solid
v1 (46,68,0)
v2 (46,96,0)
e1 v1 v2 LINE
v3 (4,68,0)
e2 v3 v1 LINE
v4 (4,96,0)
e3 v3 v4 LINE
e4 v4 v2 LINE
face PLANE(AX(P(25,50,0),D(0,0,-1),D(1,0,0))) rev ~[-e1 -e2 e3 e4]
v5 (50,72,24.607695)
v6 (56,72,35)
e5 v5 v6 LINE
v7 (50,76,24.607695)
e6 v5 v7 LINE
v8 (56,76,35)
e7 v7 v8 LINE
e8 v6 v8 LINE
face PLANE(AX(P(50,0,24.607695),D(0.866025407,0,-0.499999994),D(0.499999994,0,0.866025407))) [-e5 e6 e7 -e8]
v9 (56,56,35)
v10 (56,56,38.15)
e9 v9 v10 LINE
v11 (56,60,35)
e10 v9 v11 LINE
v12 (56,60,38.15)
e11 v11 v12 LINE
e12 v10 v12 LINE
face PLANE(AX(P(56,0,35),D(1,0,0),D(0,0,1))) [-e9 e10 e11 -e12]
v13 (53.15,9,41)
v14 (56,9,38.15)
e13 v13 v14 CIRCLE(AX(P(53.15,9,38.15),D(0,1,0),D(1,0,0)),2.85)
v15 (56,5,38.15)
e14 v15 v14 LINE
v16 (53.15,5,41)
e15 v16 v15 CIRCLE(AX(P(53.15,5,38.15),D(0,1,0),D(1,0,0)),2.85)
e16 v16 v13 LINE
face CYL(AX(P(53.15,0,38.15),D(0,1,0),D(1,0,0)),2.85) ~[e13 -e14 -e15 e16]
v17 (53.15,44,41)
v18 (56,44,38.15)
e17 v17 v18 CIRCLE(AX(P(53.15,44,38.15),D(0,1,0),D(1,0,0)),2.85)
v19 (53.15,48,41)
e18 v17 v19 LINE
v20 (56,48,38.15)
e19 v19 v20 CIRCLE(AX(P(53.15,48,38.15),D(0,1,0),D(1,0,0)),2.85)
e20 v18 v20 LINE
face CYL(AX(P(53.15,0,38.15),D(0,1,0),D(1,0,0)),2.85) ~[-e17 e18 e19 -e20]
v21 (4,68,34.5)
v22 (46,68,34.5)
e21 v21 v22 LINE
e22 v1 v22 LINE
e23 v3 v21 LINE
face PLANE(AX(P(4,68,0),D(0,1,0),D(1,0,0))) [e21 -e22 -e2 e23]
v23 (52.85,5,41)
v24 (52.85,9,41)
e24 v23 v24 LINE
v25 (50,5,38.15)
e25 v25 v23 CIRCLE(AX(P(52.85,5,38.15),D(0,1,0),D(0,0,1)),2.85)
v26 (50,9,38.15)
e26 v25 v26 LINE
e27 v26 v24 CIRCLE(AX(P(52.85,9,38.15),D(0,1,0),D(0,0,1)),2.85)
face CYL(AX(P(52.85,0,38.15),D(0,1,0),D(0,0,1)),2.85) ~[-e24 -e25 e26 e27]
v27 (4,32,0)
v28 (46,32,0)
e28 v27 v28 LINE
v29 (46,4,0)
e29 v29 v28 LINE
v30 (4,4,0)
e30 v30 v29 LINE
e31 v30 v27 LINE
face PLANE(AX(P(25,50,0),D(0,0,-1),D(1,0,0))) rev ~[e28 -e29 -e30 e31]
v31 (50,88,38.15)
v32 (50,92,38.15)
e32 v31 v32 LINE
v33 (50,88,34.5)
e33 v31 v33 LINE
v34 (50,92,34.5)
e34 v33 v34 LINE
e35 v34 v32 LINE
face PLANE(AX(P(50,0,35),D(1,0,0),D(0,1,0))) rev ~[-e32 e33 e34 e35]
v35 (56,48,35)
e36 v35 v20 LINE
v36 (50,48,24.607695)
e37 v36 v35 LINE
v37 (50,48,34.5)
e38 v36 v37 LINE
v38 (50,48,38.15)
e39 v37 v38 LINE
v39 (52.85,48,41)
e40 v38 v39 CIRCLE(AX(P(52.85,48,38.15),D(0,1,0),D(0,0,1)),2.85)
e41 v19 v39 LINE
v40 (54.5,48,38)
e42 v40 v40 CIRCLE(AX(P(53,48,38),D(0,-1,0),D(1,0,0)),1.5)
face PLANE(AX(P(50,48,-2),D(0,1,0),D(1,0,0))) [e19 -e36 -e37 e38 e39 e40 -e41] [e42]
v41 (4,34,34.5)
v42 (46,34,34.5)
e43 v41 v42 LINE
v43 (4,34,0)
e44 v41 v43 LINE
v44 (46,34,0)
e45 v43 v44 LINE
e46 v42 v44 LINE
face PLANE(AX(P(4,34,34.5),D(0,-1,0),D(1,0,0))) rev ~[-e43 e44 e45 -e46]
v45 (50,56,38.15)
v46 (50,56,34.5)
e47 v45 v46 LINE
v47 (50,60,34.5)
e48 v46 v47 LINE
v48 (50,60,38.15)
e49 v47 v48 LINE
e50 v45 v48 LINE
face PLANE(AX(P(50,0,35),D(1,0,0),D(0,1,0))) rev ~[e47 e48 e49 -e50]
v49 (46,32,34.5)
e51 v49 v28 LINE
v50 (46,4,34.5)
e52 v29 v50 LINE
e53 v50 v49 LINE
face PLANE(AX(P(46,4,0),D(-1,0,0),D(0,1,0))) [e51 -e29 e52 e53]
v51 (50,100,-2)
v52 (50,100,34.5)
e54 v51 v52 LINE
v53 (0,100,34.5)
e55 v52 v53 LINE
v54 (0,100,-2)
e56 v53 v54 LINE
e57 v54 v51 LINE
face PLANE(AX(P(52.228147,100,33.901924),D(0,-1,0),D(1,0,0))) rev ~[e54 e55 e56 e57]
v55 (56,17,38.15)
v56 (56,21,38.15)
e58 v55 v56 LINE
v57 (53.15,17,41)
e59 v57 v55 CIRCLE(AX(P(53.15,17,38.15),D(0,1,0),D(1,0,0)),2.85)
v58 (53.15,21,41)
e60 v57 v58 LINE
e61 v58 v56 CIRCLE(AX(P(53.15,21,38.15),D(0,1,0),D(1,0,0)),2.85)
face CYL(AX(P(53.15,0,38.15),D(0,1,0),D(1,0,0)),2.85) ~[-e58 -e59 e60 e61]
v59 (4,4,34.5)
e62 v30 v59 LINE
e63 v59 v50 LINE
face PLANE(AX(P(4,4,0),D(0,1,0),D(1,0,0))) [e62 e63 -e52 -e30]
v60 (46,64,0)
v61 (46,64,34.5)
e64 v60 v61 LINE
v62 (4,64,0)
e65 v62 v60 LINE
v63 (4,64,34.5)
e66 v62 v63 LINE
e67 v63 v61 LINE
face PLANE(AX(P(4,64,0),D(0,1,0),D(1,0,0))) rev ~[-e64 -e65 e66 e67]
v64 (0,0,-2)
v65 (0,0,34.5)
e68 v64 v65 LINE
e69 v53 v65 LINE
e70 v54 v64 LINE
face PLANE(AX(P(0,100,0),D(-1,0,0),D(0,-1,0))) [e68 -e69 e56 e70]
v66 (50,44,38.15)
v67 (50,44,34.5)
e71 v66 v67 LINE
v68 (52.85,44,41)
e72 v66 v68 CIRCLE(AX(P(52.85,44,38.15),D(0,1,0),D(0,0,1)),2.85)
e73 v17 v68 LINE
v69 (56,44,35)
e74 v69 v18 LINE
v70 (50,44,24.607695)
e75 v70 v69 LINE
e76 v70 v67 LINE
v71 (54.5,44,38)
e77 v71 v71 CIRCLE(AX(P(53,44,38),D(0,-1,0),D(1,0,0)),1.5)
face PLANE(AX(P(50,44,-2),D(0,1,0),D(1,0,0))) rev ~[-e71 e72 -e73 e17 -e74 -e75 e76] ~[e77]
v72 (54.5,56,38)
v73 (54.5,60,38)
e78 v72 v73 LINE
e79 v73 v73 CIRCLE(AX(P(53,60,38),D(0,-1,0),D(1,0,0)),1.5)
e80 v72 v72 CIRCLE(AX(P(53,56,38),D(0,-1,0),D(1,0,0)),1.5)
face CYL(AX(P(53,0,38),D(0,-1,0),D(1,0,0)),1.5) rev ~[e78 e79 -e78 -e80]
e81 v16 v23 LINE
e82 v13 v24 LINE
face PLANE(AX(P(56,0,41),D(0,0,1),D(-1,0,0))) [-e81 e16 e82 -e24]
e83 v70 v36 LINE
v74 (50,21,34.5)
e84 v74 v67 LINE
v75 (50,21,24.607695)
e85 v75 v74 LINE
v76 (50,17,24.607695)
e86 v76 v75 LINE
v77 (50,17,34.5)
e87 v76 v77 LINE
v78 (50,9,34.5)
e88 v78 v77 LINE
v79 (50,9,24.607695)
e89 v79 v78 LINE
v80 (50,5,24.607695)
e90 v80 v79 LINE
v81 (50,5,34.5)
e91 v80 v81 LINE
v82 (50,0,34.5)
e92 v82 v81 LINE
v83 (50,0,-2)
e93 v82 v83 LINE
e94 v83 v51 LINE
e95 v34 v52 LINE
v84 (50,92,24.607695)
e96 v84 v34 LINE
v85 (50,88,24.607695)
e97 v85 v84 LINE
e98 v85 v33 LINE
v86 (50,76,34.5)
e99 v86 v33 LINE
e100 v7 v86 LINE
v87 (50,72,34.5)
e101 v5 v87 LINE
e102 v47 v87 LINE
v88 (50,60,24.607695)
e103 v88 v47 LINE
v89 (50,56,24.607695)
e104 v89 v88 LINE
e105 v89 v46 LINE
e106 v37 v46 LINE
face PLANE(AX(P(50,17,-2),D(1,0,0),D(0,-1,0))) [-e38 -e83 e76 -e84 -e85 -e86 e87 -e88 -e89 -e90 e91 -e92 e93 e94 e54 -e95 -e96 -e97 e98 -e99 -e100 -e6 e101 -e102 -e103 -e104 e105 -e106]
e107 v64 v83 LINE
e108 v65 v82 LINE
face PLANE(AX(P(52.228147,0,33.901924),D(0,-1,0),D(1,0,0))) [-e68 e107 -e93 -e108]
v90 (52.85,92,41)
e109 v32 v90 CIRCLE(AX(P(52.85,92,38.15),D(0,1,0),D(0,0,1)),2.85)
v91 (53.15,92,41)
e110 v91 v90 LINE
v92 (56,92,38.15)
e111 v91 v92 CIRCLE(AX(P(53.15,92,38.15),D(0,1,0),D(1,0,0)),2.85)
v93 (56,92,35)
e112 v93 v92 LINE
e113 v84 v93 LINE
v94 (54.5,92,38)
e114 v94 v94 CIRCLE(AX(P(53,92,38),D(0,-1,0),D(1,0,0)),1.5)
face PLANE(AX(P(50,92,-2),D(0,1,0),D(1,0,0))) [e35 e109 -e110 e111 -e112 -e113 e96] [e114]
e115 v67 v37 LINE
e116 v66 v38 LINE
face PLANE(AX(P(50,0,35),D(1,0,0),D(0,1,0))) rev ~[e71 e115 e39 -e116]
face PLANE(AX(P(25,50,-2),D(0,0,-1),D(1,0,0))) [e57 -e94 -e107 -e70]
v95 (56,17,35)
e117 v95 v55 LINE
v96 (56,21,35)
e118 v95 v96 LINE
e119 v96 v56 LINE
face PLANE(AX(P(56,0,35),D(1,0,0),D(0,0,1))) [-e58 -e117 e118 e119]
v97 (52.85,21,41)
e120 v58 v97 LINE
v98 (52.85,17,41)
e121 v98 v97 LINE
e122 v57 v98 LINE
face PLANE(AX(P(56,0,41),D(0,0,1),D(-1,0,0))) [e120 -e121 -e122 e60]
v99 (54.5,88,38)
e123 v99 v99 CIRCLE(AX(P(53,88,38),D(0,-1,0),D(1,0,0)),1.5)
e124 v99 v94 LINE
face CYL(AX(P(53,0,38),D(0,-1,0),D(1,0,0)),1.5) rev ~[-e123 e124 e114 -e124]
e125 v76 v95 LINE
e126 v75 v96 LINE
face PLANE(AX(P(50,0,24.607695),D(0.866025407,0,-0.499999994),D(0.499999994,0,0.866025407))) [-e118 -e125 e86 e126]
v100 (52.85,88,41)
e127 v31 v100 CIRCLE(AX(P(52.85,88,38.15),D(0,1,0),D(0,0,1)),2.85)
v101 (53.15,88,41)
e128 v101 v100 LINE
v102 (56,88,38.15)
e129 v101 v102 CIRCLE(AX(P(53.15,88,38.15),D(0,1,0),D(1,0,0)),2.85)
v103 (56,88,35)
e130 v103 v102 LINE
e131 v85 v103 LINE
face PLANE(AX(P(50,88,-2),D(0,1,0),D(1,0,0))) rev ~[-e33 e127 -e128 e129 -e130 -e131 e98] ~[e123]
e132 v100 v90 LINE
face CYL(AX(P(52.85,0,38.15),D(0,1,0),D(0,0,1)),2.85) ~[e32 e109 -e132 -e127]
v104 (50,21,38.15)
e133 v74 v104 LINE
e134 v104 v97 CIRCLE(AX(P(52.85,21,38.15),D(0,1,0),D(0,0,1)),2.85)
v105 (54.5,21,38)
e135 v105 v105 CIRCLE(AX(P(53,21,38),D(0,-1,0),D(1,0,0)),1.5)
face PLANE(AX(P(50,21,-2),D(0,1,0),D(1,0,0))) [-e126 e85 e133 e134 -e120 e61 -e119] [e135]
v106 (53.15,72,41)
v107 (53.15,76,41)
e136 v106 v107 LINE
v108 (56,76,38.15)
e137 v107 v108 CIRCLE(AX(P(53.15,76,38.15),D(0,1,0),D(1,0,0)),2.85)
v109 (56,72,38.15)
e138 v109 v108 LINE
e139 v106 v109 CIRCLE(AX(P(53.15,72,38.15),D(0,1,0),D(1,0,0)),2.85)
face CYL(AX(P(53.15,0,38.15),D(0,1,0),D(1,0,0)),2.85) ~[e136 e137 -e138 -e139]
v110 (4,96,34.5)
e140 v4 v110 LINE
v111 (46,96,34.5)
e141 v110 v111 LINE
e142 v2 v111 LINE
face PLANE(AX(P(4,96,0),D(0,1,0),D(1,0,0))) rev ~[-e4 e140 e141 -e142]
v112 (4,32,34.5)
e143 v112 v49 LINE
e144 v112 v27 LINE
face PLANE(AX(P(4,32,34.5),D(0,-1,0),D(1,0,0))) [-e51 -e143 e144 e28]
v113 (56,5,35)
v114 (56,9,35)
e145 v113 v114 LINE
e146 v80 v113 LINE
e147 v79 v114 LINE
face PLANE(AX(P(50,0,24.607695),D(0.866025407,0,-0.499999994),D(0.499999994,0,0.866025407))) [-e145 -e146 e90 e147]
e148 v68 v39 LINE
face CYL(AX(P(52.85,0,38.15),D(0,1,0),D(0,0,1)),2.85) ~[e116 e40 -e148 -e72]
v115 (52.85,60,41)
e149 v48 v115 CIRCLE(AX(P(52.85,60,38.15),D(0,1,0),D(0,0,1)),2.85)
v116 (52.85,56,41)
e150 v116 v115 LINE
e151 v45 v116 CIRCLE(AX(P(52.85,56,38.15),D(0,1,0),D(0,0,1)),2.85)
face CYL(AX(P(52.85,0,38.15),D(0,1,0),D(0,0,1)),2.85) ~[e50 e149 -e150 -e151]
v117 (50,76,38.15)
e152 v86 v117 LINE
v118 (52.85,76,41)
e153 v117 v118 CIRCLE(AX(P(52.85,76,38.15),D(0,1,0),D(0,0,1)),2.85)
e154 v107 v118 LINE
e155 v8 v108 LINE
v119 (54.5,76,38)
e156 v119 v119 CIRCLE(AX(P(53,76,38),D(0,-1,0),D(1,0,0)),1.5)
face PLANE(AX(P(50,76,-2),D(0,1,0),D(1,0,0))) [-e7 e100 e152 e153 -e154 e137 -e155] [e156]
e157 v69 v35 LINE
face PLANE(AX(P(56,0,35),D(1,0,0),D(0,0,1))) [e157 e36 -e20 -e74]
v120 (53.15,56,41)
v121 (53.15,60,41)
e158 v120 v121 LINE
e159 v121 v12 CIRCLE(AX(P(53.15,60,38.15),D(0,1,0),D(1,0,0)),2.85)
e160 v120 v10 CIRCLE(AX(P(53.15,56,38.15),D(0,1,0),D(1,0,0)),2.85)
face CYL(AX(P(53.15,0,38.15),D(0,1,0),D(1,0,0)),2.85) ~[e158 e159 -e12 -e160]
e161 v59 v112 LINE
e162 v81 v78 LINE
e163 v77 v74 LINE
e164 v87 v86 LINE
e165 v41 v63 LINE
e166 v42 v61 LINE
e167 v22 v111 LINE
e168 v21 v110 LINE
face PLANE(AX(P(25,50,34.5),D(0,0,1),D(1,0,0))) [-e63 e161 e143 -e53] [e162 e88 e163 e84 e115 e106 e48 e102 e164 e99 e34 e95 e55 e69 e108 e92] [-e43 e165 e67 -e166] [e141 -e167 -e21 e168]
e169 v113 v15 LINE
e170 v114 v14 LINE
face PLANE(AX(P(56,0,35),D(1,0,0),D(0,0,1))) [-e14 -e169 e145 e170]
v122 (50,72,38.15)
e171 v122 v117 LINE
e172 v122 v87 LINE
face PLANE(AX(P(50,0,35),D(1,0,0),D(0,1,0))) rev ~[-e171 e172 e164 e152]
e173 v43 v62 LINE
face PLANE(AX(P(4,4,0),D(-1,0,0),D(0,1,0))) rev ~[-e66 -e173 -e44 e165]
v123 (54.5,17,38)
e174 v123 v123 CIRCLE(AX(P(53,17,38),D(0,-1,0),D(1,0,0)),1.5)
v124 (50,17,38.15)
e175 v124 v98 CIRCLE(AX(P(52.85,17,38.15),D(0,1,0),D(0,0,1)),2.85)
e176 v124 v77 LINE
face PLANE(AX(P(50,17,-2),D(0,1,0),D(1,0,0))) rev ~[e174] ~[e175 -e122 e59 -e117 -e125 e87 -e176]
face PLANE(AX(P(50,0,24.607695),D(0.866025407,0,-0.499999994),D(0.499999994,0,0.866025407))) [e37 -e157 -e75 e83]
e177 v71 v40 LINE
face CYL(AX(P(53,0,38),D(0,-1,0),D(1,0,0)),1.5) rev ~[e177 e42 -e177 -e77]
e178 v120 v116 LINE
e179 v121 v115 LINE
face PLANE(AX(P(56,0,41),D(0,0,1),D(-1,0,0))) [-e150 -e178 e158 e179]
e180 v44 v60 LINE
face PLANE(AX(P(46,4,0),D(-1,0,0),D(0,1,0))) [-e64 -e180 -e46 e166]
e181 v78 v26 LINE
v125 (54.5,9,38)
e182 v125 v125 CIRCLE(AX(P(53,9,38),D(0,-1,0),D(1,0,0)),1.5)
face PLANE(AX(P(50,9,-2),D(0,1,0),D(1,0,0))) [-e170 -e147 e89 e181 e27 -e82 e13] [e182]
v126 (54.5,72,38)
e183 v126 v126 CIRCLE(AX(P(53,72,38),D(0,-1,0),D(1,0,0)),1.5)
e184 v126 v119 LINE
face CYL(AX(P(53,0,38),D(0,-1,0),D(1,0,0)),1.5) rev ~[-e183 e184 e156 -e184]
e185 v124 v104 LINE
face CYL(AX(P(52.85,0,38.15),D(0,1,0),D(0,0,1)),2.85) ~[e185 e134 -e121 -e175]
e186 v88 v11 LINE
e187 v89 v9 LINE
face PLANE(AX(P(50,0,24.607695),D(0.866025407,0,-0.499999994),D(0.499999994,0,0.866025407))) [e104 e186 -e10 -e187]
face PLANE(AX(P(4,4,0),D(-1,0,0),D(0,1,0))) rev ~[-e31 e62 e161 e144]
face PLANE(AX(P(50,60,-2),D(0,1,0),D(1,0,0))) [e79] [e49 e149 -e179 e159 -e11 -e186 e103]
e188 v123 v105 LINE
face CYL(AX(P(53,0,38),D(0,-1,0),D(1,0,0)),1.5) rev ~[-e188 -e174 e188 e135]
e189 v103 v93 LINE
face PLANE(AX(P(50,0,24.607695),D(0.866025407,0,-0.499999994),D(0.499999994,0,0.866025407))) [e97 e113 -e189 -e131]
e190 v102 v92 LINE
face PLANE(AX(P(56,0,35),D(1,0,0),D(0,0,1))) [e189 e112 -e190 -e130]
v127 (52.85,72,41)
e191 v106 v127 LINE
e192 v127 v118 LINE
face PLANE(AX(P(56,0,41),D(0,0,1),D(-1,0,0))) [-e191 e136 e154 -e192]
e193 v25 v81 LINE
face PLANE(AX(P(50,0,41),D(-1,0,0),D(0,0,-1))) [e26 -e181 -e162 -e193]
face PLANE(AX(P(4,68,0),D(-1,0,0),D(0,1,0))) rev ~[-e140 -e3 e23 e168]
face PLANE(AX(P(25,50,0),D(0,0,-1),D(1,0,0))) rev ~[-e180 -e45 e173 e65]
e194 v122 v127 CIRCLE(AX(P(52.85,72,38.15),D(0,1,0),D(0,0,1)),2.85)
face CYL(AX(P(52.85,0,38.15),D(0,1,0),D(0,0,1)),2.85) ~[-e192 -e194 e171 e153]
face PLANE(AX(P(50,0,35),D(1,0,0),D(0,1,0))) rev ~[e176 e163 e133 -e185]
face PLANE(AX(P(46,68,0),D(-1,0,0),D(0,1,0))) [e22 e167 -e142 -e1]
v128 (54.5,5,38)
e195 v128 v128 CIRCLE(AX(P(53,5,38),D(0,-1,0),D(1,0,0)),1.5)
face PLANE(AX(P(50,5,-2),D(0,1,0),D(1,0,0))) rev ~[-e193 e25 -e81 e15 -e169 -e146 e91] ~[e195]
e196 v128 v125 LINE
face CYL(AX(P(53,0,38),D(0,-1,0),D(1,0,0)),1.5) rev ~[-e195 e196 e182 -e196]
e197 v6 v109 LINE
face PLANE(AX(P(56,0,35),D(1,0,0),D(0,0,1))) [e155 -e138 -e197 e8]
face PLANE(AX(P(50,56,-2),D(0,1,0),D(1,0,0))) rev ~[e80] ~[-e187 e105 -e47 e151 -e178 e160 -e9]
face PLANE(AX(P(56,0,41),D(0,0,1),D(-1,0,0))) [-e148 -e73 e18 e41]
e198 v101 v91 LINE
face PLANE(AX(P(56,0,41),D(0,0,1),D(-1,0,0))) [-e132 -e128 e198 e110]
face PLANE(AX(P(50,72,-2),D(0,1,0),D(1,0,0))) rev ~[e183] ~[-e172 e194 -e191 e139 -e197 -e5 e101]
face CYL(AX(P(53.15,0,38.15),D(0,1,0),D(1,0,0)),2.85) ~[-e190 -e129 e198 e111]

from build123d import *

# Parameters (mm, degrees)
F0_W      = 50
F0_H      = 100
F0_W_2    = 42
F0_H_2    = 60
F0_H_3    = 28
F1_DEPTH  = 35
F2_W      = 50
F2_H      = 100
F3_DEPTH  = 2
F4_R      = 1.5
F5_DEPTH  = 100
F6_R      = 2.85
F7_W      = 15
F7_H      = 5
F7_H_2    = 12
F7_H_3    = 8
F7_H_4    = 23
F8_DEPTH  = 74.9
F9_W      = 42
F9_H      = 60
F9_H_2    = 28
F10_DEPTH = 0.5
F11_W     = 42
F11_H     = 2
F12_DEPTH = 34.5


with BuildPart() as f1:
    # F0 (on Top) → F1 (new body)
    with BuildSketch(Plane.XY):
        with Locations((25, 50)):
            Rectangle(F0_W, F0_H)
        with Locations((25, 34)):
            Rectangle(F0_W_2, F0_H_2, mode=Mode.SUBTRACT)
        with Locations((25, 82)):
            Rectangle(F0_W_2, F0_H_3, mode=Mode.SUBTRACT)
    extrude(amount=F1_DEPTH)

    # F2 (on face) → F3 (join)
    with BuildSketch(Plane(origin=(0, 0, 0), x_dir=(1, 0, 0), z_dir=(0, 0, -1))):
        with Locations((25, -50)):
            Rectangle(F2_W, F2_H)
    extrude(amount=F3_DEPTH)

    # F4 (on face) → F5 (join, through all)
    with BuildSketch(Plane.XZ):
        Polygon((50, 35), (50, 24.607695), (56, 35), (56, 41), (50, 41), align=None)
        with Locations((53, 38)):
            Circle(F4_R, mode=Mode.SUBTRACT)
    extrude(amount=-F5_DEPTH)

    # F6
    f6_edges = [f1.edges().sort_by_distance(p)[0] for p in [
        (56, 50, 41),
        (50, 50, 41),
    ]]
    fillet(f6_edges, radius=F6_R)

    # F7 (on face) → F8 (cut)
    with BuildSketch(Plane(origin=(0, 0, -2), x_dir=(1, 0, 0), z_dir=(0, 0, -1))):
        with Locations((57.5, -2.5)):
            Rectangle(F7_W, F7_H)
        with Locations((57.5, -66)):
            Rectangle(F7_W, F7_H_2)
        with Locations((57.5, -96)):
            Rectangle(F7_W, F7_H_3)
        with Locations((57.5, -82)):
            Rectangle(F7_W, F7_H_2)
        with Locations((57.5, -52)):
            Rectangle(F7_W, F7_H_3)
        with Locations((57.5, -13)):
            Rectangle(F7_W, F7_H_3)
        with Locations((57.5, -32.5)):
            Rectangle(F7_W, F7_H_4)
    extrude(amount=-F8_DEPTH, mode=Mode.SUBTRACT)

    # F9 (on face) → F10 (cut)
    with BuildSketch(Plane.XY.offset(35)):
        Polygon((0, 100), (0, 0), (50, 0), (50, 5), (50, 9), (50, 17), (50, 21), (50, 44), (50, 48), (50, 56), (50, 60), (50, 72), (50, 76), (50, 88), (50, 92), (50, 100), align=None)
        with Locations((25, 34)):
            Rectangle(F9_W, F9_H, mode=Mode.SUBTRACT)
        with Locations((25, 82)):
            Rectangle(F9_W, F9_H_2, mode=Mode.SUBTRACT)
    extrude(amount=-F10_DEPTH, mode=Mode.SUBTRACT)

    # F11 (on face) → F12 (join, through all)
    with BuildSketch(Plane.XY.offset(34.5)):
        with Locations((25, 33)):
            Rectangle(F11_W, F11_H)
    extrude(amount=-F12_DEPTH)


solid = f1.part
